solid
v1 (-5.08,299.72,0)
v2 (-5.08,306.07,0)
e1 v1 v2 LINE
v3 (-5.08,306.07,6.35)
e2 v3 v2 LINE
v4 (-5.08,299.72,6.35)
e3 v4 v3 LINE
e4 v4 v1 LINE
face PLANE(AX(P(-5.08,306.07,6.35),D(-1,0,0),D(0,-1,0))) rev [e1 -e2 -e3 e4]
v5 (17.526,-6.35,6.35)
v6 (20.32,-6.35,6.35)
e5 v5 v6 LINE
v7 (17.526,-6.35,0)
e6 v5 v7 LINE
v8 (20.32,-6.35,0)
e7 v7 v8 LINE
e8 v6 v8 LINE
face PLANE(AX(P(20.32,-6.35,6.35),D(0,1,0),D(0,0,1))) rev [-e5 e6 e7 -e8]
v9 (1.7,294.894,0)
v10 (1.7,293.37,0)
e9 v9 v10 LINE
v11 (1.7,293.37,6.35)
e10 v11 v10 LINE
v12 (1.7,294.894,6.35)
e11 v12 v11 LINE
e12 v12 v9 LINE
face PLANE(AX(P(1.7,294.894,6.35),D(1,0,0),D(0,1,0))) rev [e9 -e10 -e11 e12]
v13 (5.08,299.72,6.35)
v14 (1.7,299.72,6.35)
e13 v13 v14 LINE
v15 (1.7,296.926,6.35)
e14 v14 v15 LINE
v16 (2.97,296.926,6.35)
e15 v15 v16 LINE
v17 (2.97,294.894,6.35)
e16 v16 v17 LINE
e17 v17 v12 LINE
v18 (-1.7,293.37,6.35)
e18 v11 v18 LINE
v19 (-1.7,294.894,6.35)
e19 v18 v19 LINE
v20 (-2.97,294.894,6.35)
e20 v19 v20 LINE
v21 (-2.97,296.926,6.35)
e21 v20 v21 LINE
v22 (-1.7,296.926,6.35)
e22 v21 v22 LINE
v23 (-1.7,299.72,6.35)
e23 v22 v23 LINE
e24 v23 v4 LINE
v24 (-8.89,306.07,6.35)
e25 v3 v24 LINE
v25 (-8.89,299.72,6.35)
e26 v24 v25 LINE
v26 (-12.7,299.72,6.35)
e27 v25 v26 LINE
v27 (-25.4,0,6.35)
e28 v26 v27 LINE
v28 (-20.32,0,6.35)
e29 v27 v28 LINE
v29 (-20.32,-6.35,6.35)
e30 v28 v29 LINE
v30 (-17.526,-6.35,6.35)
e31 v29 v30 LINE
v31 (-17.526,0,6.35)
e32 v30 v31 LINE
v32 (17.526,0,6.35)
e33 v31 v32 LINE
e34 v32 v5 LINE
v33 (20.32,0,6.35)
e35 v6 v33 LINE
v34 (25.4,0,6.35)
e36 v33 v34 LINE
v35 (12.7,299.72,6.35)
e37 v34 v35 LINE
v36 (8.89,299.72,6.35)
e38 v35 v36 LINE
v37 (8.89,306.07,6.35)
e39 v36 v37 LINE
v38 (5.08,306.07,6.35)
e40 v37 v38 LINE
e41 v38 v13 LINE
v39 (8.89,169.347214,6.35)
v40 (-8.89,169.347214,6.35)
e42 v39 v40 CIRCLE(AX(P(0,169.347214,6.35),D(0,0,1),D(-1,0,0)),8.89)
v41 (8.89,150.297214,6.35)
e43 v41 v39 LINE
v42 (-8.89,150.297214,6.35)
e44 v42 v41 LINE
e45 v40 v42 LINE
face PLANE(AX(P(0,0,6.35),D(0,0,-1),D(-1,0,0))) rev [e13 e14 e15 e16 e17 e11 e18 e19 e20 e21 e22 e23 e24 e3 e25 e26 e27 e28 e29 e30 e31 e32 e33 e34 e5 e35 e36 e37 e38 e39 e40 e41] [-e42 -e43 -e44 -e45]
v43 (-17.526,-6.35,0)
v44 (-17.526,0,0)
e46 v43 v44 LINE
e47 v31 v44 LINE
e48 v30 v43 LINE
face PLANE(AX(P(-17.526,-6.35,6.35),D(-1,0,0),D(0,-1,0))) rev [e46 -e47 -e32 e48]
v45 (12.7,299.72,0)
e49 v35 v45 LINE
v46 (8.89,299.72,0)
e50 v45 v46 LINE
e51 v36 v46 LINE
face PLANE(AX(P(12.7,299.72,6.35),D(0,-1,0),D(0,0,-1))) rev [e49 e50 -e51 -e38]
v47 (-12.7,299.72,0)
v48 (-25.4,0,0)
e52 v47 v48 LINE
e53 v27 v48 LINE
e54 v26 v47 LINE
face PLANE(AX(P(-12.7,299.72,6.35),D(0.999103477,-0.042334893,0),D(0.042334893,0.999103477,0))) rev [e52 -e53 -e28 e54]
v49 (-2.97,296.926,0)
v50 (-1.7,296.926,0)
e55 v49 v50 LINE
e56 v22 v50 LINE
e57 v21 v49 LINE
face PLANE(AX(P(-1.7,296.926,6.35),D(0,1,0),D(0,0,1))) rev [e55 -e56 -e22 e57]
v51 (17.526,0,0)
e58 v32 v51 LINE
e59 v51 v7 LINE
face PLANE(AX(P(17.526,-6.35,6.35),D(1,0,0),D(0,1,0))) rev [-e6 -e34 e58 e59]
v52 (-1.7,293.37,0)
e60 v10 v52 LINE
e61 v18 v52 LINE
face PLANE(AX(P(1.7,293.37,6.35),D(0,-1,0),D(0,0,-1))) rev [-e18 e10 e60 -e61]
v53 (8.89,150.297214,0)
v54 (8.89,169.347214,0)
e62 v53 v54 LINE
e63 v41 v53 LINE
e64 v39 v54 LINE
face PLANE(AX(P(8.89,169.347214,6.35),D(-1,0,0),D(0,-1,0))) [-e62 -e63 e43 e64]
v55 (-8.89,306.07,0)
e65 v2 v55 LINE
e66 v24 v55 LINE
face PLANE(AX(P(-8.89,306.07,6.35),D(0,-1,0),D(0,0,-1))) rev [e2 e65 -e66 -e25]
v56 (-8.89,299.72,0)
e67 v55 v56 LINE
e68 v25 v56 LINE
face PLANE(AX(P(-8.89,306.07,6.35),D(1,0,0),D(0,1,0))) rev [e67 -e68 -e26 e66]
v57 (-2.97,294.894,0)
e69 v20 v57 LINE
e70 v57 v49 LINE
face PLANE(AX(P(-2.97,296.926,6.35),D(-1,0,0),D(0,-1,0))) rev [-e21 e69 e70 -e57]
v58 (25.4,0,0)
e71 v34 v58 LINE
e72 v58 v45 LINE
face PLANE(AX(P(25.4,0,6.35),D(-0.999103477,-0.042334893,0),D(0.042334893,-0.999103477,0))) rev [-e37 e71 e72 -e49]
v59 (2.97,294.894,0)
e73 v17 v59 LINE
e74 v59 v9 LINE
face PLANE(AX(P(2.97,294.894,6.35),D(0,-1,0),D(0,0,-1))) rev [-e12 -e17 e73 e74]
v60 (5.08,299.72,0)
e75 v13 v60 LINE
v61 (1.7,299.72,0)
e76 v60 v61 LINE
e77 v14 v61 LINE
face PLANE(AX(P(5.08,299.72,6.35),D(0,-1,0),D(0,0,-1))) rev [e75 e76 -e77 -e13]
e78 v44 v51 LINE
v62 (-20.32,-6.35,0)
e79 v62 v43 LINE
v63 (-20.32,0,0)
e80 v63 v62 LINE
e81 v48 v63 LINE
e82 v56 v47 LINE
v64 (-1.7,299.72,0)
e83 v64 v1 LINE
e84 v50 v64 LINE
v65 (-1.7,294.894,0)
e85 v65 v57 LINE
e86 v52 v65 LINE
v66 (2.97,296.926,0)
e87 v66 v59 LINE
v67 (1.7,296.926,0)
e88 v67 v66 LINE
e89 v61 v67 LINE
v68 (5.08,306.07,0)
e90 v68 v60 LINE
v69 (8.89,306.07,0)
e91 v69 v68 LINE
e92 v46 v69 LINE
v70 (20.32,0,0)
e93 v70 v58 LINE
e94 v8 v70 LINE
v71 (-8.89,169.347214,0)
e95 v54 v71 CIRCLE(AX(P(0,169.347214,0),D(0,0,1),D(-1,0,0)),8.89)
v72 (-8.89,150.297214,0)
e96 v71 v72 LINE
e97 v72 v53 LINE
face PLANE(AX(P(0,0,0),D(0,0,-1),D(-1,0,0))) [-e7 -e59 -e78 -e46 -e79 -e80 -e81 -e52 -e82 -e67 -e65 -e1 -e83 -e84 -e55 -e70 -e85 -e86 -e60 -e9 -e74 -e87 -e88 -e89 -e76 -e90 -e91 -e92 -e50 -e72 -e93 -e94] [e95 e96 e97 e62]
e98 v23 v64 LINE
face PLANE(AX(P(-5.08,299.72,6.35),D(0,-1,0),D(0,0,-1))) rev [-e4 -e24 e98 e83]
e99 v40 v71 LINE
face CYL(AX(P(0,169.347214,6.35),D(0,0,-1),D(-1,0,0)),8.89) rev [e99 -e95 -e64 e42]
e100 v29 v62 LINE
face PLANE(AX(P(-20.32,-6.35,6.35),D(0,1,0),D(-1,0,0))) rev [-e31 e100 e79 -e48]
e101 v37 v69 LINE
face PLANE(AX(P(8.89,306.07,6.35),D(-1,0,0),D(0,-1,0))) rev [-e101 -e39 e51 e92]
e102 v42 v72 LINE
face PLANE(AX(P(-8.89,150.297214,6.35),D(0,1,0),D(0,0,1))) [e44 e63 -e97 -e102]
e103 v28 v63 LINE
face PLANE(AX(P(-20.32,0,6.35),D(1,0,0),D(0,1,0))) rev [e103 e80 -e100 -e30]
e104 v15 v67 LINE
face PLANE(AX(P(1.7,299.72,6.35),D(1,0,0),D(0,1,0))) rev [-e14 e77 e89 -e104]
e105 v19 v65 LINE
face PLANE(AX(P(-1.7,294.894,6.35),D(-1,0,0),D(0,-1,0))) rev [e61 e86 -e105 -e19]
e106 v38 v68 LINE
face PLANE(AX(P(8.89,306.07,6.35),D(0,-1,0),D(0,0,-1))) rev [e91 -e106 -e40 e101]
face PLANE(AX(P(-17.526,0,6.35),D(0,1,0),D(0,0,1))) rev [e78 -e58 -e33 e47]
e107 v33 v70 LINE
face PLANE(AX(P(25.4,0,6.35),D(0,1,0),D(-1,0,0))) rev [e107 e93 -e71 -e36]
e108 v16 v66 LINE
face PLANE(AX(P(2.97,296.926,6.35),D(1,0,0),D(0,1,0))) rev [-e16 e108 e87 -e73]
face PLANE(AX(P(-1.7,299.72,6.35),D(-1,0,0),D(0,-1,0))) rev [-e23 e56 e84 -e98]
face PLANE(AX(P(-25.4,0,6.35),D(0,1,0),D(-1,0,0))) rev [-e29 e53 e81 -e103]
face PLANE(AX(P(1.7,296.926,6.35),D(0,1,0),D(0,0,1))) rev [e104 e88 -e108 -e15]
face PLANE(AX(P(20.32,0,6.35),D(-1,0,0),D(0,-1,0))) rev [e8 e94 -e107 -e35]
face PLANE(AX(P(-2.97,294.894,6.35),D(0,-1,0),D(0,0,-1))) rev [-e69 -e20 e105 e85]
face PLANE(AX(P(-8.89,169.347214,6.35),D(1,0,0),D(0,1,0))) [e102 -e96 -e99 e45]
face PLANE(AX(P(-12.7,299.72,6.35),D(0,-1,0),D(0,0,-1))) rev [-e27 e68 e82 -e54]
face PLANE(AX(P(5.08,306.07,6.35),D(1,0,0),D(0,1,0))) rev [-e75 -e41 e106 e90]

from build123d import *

# Parameters (mm, degrees)
BOSS_EXTRUDE1_DEPTH = 6.35


with BuildPart() as part:
    # Sketch1 → Boss-Extrude1 (new body)
    with BuildSketch(Plane.XY):
        Polygon((25.4, 0), (12.7, 299.72), (8.89, 299.72), (8.89, 306.07), (5.08, 306.07), (5.08, 299.72), (1.7, 299.72), (1.7, 296.926), (2.97, 296.926), (2.97, 294.894), (1.7, 294.894), (1.7, 293.37), (-1.7, 293.37), (-1.7, 294.894), (-2.97, 294.894), (-2.97, 296.926), (-1.7, 296.926), (-1.7, 299.72), (-5.08, 299.72), (-5.08, 306.07), (-8.89, 306.07), (-8.89, 299.72), (-12.7, 299.72), (-25.4, 0), (-20.32, 0), (-20.32, -6.35), (-17.526, -6.35), (-17.526, 0), (17.526, 0), (17.526, -6.35), (20.32, -6.35), (20.32, 0), align=None)
        with BuildLine():
            Line((-8.89, 150.297214184), (8.89, 150.297214184))
            Line((8.89, 150.297214184), (8.89, 169.347214184))
            ThreePointArc((8.89, 169.347214184), (0, 178.237214184), (-8.89, 169.347214184))
            Line((-8.89, 169.347214184), (-8.89, 150.297214184))
        make_face(mode=Mode.SUBTRACT)
    extrude(amount=BOSS_EXTRUDE1_DEPTH)


solid = part.part
